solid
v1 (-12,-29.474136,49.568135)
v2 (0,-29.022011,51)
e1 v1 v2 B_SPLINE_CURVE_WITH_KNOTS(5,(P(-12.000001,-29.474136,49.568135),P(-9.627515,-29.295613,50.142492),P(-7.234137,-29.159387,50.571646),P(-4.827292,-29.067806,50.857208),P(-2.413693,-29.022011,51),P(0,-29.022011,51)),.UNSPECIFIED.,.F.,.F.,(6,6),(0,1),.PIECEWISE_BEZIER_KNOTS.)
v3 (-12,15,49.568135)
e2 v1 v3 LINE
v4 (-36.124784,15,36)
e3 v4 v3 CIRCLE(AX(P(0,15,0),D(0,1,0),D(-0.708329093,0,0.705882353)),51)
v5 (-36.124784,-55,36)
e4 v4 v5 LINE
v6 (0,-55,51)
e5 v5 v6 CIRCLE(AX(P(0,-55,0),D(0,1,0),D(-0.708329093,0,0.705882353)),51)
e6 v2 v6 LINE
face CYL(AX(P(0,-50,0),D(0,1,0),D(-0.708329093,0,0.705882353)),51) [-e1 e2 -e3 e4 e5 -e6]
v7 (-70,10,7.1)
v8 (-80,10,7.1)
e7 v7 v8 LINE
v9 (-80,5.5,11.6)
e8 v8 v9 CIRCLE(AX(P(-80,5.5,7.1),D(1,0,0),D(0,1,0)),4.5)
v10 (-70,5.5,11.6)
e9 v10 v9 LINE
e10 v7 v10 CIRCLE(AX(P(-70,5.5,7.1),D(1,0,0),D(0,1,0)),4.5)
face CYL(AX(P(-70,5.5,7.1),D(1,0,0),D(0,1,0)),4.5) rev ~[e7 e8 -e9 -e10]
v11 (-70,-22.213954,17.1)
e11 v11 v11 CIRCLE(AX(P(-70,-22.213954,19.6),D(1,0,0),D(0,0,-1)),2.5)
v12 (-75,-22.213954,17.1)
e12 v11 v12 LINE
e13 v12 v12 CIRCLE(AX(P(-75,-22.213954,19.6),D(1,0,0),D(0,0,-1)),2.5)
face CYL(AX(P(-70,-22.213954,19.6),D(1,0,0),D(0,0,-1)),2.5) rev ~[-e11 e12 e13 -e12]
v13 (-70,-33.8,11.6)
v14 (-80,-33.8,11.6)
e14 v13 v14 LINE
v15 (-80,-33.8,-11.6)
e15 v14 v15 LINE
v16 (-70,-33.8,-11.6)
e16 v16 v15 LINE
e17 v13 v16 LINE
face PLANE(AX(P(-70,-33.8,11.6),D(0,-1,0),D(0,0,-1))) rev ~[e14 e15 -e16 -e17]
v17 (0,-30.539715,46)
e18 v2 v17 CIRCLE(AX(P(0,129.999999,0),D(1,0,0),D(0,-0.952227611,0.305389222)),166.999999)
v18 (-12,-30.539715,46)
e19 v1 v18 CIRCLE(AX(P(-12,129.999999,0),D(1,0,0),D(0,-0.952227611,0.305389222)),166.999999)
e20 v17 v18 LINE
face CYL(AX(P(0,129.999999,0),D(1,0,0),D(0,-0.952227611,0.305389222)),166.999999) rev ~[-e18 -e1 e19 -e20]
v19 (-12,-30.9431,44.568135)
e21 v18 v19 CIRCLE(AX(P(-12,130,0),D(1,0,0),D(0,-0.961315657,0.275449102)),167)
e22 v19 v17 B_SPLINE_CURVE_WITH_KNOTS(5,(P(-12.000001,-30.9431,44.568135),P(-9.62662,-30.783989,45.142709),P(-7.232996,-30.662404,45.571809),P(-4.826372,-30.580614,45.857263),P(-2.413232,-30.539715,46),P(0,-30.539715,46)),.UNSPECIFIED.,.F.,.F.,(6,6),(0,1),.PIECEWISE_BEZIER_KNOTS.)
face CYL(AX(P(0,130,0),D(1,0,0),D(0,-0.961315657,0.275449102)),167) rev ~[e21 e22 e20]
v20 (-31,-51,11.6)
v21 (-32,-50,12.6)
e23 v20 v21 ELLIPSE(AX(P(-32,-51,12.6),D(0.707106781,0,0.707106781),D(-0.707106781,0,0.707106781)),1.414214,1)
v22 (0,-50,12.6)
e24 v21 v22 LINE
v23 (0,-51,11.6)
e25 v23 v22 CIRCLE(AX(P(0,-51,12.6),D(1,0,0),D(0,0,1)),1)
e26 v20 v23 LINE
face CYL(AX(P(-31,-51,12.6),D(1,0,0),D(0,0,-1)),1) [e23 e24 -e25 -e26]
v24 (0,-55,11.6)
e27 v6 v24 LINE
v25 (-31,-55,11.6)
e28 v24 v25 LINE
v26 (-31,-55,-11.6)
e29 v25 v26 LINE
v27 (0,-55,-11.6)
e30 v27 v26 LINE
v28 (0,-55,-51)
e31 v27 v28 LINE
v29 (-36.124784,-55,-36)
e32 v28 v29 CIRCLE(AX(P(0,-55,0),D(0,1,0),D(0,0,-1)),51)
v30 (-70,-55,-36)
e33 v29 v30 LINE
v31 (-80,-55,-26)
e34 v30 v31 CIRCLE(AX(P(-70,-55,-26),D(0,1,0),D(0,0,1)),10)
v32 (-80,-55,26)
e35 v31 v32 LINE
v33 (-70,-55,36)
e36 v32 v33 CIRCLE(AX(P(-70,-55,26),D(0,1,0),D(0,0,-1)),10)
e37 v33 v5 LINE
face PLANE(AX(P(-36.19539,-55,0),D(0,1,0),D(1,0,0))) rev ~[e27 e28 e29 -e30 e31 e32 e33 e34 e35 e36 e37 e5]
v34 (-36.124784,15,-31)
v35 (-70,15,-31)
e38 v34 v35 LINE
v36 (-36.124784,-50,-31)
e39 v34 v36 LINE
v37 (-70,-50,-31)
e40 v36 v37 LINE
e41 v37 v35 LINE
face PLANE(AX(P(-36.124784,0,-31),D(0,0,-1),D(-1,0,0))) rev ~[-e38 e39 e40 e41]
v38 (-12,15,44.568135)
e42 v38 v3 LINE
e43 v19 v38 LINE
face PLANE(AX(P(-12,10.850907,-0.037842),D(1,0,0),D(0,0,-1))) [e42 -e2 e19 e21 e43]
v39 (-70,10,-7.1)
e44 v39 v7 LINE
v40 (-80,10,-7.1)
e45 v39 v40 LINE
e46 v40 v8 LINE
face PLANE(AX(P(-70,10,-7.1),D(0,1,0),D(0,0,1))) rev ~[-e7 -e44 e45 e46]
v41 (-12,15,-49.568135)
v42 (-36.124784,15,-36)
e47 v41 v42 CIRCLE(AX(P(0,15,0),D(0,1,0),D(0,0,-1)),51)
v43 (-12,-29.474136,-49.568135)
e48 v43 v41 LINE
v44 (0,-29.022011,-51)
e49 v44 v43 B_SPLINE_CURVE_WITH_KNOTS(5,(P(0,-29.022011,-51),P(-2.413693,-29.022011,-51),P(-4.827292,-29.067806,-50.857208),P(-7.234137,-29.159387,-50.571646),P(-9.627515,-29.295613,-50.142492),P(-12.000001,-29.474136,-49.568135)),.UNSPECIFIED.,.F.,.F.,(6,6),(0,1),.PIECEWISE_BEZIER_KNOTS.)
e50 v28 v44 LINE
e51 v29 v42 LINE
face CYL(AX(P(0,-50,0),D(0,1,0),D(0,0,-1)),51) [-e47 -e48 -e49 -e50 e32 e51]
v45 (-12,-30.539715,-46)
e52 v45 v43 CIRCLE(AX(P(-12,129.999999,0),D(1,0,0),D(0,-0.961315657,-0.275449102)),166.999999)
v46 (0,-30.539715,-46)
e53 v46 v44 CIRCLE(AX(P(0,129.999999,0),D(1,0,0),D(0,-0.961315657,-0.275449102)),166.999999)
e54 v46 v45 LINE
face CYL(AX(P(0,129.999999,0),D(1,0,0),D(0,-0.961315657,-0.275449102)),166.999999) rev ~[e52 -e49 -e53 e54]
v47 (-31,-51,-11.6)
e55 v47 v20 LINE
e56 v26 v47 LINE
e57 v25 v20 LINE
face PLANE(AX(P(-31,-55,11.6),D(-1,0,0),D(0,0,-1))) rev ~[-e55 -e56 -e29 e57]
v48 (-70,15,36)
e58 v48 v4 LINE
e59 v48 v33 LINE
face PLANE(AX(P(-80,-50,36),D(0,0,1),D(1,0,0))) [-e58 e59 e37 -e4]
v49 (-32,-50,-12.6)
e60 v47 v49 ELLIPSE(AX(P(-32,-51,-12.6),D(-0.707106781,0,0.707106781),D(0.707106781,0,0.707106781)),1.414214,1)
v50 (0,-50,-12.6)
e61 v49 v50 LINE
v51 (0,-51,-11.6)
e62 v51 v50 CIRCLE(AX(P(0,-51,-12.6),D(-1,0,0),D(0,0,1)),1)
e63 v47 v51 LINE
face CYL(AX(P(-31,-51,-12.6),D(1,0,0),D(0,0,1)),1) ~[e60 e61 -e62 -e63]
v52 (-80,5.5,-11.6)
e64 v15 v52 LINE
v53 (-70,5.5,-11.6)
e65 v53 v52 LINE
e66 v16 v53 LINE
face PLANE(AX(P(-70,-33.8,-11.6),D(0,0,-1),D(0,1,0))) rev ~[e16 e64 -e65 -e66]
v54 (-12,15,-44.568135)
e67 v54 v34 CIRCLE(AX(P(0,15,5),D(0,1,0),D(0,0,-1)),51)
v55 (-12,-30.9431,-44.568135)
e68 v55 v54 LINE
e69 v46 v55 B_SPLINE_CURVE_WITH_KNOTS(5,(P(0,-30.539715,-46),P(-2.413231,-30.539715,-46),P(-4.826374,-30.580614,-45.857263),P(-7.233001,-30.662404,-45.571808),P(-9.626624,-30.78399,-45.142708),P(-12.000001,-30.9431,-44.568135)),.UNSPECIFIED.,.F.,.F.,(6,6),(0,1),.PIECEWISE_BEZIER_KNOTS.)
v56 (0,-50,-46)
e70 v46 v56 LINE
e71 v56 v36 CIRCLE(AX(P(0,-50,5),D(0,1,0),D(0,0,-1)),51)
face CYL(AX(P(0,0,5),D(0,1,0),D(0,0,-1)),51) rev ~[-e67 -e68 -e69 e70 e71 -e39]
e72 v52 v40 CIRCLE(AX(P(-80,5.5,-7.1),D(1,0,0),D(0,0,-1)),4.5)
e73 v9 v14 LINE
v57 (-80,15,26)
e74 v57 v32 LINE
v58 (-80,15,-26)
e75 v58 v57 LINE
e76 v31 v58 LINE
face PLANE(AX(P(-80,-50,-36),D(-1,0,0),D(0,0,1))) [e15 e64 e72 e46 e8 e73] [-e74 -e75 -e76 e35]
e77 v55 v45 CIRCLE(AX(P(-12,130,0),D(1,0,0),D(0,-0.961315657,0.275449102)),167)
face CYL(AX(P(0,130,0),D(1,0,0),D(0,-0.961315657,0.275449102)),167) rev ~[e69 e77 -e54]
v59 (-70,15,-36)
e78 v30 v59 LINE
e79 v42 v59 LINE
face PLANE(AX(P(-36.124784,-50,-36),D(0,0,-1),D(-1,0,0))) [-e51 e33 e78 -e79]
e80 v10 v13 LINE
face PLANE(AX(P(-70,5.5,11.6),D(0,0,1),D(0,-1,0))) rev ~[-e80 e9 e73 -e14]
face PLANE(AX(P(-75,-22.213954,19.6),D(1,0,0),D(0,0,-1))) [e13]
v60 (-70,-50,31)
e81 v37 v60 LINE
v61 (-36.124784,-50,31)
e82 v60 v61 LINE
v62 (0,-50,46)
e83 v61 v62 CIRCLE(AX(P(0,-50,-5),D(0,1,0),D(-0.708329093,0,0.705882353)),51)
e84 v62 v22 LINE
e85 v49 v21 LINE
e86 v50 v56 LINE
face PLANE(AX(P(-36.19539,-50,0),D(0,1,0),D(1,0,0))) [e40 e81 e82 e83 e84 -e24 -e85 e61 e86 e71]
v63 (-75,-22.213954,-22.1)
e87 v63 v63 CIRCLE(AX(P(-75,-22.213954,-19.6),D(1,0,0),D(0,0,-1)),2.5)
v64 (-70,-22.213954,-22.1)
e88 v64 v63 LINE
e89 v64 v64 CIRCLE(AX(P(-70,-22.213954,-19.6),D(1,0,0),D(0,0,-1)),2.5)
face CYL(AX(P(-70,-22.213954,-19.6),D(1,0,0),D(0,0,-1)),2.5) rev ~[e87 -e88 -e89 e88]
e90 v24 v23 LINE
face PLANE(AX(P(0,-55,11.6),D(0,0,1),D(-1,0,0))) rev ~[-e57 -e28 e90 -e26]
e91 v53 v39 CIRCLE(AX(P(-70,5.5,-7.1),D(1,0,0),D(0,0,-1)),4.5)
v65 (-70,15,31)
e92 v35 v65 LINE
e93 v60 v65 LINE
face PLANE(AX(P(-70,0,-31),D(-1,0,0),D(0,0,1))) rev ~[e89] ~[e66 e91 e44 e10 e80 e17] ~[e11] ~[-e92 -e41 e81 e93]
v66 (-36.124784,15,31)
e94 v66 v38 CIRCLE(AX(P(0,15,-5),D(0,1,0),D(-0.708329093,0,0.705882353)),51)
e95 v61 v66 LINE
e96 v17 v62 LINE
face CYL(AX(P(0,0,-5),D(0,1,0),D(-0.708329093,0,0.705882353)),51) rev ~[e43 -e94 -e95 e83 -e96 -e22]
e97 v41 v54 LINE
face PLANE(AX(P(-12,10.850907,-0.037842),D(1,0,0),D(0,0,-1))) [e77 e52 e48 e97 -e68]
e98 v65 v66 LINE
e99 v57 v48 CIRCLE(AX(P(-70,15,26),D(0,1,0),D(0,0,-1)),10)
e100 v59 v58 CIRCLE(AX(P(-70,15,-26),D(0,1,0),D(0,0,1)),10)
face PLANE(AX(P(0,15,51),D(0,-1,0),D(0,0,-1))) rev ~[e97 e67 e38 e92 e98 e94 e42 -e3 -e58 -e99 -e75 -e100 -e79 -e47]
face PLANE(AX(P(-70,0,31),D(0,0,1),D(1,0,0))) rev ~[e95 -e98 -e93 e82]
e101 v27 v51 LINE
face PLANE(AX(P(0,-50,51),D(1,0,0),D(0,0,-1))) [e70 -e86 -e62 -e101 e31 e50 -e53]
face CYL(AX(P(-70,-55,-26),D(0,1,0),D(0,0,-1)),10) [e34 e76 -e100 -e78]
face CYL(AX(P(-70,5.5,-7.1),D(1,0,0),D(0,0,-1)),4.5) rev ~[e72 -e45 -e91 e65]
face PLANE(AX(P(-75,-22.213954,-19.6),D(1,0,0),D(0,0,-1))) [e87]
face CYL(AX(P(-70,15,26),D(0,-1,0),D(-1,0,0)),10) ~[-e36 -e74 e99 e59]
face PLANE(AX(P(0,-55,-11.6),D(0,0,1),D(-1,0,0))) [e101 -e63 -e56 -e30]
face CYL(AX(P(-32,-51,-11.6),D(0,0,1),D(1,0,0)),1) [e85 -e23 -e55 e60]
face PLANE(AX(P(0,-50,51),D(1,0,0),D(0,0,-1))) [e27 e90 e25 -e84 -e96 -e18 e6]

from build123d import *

# Parameters (mm, degrees)
BOSS_EXTRU_5_DEPTH       = 50
ESQUISSE5_R              = 2.15
ESQUISSE5_W              = 23.2
ESQUISSE5_H              = 31.8
ENL_V_MAT_EXTRU_1_DEPTH  = 10
BOSS_EXTRU_6_DEPTH       = 5
ESQUISSE9_W              = 102
ESQUISSE9_H              = 34.999999956
ENL_V_MAT_EXTRU_2_DEPTH  = 81
ESQUISSE11_R             = 2.5
ENL_V_MAT_EXTRU_9_DEPTH  = 5
ENL_V_MAT_EXTRU_12_DEPTH = 12
CONG_1_R                 = 10
ESQUISSE12_W             = 31
ESQUISSE12_H             = 23.2
ENL_V_MAT_EXTRU_13_DEPTH = 10
CONG_2_R                 = 1


with BuildPart() as part:
    # Esquisse1 → Boss.-Extru.5 (new body, symmetric)
    with BuildSketch(Plane(origin=(0, 0, 0), x_dir=(1, 0, 0), z_dir=(0, 1, 0))):
        with BuildLine():
            ThreePointArc((-36.124783736, -31), (-19.557607216, -42.100955404), (0, -46))
            Line((0, -46), (0, -51))
            ThreePointArc((0, -51), (-19.557607216, -47.100955404), (-36.124783736, -36))
            Line((-36.124783736, -36), (-80, -36))
            Line((-80, -36), (-80, 36))
            Line((-80, 36), (-36.124783736, 36))
            ThreePointArc((-36.124783736, 36), (-19.557607216, 47.100955404), (0, 51))
            Line((0, 51), (0, 46))
            ThreePointArc((0, 46), (-19.557607216, 42.100955404), (-36.124783736, 31))
            Line((-36.124783736, 31), (-70, 31))
            Line((-70, 31), (-70, -31))
            Line((-70, -31), (-36.124783736, -31))
        make_face()
    extrude(amount=BOSS_EXTRU_5_DEPTH, both=True)

    # Esquisse5 → Enlèv. mat.-Extru.1 (cut)
    with BuildSketch(Plane(origin=(-70, 0, 0), x_dir=(0, 0, -1), z_dir=(1, 0, 0))):
        with BuildLine():
            Line((-11.59999996, -2), (11.60000004, -2))
            Line((11.60000004, -2), (11.60000004, 5.500000044))
            ThreePointArc((11.60000004, 5.500000044), (10.281980555, 8.68198056), (7.10000004, 10.000000044))
            Line((7.10000004, 10.000000044), (-7.099999871, 10.000000044))
            ThreePointArc((-7.099999871, 10.000000044), (-10.281980449, 8.681980534), (-11.59999996, 5.499999956))
            Line((-11.59999996, 5.499999956), (-11.59999996, -2))
        make_face()
        Circle(ESQUISSE5_R, mode=Mode.SUBTRACT)
        Circle(ESQUISSE5_R)
        with Locations((4e-08, -17.9)):
            Rectangle(ESQUISSE5_W, ESQUISSE5_H)
        with BuildLine():
            ThreePointArc((2.15, 0), (-1.209582286, 1.77747312), (-0.788986692, -2))
            Line((-0.788986692, -2), (0.788986692, -2))
            ThreePointArc((0.788986692, -2), (1.77747312, -1.209582286), (2.15, 0))
        make_face()
        with BuildLine():
            Line((0.788986692, -2), (-0.788986692, -2))
            ThreePointArc((-0.788986692, -2), (0, -2.15), (0.788986692, -2))
        make_face()
    extrude(amount=-ENL_V_MAT_EXTRU_1_DEPTH, mode=Mode.SUBTRACT)

    # Esquisse8 → Boss.-Extru.6 (add)
    with BuildSketch(Plane(origin=(0, -50, 0), x_dir=(1, 0, 0), z_dir=(0, 1, 0))):
        with BuildLine():
            Line((0, -51), (0, 51))
            ThreePointArc((0, 51), (-19.557607216, 47.100955404), (-36.124783736, 36))
            Line((-36.124783736, 36), (-80, 36))
            Line((-80, 36), (-80, -36))
            Line((-80, -36), (-36.124783736, -36))
            ThreePointArc((-36.124783736, -36), (-19.557607216, -47.100955404), (0, -51))
        make_face()
    extrude(amount=-BOSS_EXTRU_6_DEPTH)

    # Esquisse9 → Enlèv. mat.-Extru.2 (cut, through all)
    with BuildSketch(Plane(origin=(0, 0, 0), x_dir=(0, 0, -1), z_dir=(1, 0, 0))):
        with Locations((0, 32.500000022)):
            Rectangle(ESQUISSE9_W, ESQUISSE9_H)
    extrude(amount=-ENL_V_MAT_EXTRU_2_DEPTH, mode=Mode.SUBTRACT)

    # Esquisse11 → Enlèv. mat.-Extru.9 (cut)
    with BuildSketch(Plane(origin=(-70, 0, 0), x_dir=(0, 0, -1), z_dir=(1, 0, 0))):
        with Locations((-19.59999996, -22.213953621)):
            Circle(ESQUISSE11_R)
        with Locations((19.59999996, -22.213953621)):
            Circle(ESQUISSE11_R)
    extrude(amount=-ENL_V_MAT_EXTRU_9_DEPTH, mode=Mode.SUBTRACT)

    # Esquisse10 → Enlèv. mat.-Extru.12 (cut)
    with BuildSketch(Plane(origin=(0, 0, 0), x_dir=(0, 0, -1), z_dir=(1, 0, 0))):
        with BuildLine():
            Line((136.28713183, 33.486696785), (85.263165158, 65.69401727))
            ThreePointArc((85.263165158, 65.69401727), (69.088826466, 48.564130721), (49.552191154, 35.397425514))
            ThreePointArc((49.552191154, 35.397425514), (-14.729470129, 24.226140009), (-73.513371624, 52.534840476))
            ThreePointArc((-73.513371624, 52.534840476), (-79.660455319, 58.871393898), (-85.263165158, 65.69401727))
            Line((-85.263165158, 65.69401727), (-136.28713183, 33.486696785))
            ThreePointArc((-136.28713183, 33.486696785), (-98.721588704, -4.696131807), (-51, -29.022011055))
            Line((-51, -29.022011055), (-51, 15.000000044))
            Line((-51, 15.000000044), (-46, 15.000000044))
            Line((-46, 15.000000044), (-46, -30.539714713))
            ThreePointArc((-46, -30.539714713), (0, -37), (46, -30.539714713))
            Line((46, -30.539714713), (46, 15.000000044))
            Line((46, 15.000000044), (51, 15.000000044))
            Line((51, 15.000000044), (51, -29.022011055))
            ThreePointArc((51, -29.022011055), (98.721588704, -4.696131807), (136.28713183, 33.486696785))
        make_face()
        with BuildLine():
            ThreePointArc((-51, -29.022011055), (-48.505936298, -29.800419724), (-46, -30.539714713))
            Line((-46, -30.539714713), (-46, 15.000000044))
            Line((-46, 15.000000044), (-51, 15.000000044))
            Line((-51, 15.000000044), (-51, -29.022011055))
        make_face()
        with BuildLine():
            ThreePointArc((46, -30.539714713), (48.505936298, -29.800419724), (51, -29.022011055))
            Line((51, -29.022011055), (51, 15.000000044))
            Line((51, 15.000000044), (46, 15.000000044))
            Line((46, 15.000000044), (46, -30.539714713))
        make_face()
    extrude(amount=-ENL_V_MAT_EXTRU_12_DEPTH, mode=Mode.SUBTRACT)

    # Congé1
    cong_1_edges = [part.edges().sort_by_distance(p)[0] for p in [
        (-80, -19.999999978, 36),
        (-80, -19.999999978, -36),
    ]]
    fillet(cong_1_edges, radius=CONG_1_R)

    # Esquisse12 → Enlèv. mat.-Extru.13 (cut)
    with BuildSketch(Plane(origin=(0, -55, 0), x_dir=(-1, 0, 0), z_dir=(0, -1, 0))):
        with Locations((15.5, 0)):
            Rectangle(ESQUISSE12_W, ESQUISSE12_H)
    extrude(amount=-ENL_V_MAT_EXTRU_13_DEPTH, mode=Mode.SUBTRACT)

    # Congé2
    cong_2_edges = [part.edges().sort_by_distance(p)[0] for p in [
        (-15.5, -50, -11.6),
        (-31, -50, 0),
        (-15.5, -50, 11.6),
    ]]
    fillet(cong_2_edges, radius=CONG_2_R)


solid = part.part
